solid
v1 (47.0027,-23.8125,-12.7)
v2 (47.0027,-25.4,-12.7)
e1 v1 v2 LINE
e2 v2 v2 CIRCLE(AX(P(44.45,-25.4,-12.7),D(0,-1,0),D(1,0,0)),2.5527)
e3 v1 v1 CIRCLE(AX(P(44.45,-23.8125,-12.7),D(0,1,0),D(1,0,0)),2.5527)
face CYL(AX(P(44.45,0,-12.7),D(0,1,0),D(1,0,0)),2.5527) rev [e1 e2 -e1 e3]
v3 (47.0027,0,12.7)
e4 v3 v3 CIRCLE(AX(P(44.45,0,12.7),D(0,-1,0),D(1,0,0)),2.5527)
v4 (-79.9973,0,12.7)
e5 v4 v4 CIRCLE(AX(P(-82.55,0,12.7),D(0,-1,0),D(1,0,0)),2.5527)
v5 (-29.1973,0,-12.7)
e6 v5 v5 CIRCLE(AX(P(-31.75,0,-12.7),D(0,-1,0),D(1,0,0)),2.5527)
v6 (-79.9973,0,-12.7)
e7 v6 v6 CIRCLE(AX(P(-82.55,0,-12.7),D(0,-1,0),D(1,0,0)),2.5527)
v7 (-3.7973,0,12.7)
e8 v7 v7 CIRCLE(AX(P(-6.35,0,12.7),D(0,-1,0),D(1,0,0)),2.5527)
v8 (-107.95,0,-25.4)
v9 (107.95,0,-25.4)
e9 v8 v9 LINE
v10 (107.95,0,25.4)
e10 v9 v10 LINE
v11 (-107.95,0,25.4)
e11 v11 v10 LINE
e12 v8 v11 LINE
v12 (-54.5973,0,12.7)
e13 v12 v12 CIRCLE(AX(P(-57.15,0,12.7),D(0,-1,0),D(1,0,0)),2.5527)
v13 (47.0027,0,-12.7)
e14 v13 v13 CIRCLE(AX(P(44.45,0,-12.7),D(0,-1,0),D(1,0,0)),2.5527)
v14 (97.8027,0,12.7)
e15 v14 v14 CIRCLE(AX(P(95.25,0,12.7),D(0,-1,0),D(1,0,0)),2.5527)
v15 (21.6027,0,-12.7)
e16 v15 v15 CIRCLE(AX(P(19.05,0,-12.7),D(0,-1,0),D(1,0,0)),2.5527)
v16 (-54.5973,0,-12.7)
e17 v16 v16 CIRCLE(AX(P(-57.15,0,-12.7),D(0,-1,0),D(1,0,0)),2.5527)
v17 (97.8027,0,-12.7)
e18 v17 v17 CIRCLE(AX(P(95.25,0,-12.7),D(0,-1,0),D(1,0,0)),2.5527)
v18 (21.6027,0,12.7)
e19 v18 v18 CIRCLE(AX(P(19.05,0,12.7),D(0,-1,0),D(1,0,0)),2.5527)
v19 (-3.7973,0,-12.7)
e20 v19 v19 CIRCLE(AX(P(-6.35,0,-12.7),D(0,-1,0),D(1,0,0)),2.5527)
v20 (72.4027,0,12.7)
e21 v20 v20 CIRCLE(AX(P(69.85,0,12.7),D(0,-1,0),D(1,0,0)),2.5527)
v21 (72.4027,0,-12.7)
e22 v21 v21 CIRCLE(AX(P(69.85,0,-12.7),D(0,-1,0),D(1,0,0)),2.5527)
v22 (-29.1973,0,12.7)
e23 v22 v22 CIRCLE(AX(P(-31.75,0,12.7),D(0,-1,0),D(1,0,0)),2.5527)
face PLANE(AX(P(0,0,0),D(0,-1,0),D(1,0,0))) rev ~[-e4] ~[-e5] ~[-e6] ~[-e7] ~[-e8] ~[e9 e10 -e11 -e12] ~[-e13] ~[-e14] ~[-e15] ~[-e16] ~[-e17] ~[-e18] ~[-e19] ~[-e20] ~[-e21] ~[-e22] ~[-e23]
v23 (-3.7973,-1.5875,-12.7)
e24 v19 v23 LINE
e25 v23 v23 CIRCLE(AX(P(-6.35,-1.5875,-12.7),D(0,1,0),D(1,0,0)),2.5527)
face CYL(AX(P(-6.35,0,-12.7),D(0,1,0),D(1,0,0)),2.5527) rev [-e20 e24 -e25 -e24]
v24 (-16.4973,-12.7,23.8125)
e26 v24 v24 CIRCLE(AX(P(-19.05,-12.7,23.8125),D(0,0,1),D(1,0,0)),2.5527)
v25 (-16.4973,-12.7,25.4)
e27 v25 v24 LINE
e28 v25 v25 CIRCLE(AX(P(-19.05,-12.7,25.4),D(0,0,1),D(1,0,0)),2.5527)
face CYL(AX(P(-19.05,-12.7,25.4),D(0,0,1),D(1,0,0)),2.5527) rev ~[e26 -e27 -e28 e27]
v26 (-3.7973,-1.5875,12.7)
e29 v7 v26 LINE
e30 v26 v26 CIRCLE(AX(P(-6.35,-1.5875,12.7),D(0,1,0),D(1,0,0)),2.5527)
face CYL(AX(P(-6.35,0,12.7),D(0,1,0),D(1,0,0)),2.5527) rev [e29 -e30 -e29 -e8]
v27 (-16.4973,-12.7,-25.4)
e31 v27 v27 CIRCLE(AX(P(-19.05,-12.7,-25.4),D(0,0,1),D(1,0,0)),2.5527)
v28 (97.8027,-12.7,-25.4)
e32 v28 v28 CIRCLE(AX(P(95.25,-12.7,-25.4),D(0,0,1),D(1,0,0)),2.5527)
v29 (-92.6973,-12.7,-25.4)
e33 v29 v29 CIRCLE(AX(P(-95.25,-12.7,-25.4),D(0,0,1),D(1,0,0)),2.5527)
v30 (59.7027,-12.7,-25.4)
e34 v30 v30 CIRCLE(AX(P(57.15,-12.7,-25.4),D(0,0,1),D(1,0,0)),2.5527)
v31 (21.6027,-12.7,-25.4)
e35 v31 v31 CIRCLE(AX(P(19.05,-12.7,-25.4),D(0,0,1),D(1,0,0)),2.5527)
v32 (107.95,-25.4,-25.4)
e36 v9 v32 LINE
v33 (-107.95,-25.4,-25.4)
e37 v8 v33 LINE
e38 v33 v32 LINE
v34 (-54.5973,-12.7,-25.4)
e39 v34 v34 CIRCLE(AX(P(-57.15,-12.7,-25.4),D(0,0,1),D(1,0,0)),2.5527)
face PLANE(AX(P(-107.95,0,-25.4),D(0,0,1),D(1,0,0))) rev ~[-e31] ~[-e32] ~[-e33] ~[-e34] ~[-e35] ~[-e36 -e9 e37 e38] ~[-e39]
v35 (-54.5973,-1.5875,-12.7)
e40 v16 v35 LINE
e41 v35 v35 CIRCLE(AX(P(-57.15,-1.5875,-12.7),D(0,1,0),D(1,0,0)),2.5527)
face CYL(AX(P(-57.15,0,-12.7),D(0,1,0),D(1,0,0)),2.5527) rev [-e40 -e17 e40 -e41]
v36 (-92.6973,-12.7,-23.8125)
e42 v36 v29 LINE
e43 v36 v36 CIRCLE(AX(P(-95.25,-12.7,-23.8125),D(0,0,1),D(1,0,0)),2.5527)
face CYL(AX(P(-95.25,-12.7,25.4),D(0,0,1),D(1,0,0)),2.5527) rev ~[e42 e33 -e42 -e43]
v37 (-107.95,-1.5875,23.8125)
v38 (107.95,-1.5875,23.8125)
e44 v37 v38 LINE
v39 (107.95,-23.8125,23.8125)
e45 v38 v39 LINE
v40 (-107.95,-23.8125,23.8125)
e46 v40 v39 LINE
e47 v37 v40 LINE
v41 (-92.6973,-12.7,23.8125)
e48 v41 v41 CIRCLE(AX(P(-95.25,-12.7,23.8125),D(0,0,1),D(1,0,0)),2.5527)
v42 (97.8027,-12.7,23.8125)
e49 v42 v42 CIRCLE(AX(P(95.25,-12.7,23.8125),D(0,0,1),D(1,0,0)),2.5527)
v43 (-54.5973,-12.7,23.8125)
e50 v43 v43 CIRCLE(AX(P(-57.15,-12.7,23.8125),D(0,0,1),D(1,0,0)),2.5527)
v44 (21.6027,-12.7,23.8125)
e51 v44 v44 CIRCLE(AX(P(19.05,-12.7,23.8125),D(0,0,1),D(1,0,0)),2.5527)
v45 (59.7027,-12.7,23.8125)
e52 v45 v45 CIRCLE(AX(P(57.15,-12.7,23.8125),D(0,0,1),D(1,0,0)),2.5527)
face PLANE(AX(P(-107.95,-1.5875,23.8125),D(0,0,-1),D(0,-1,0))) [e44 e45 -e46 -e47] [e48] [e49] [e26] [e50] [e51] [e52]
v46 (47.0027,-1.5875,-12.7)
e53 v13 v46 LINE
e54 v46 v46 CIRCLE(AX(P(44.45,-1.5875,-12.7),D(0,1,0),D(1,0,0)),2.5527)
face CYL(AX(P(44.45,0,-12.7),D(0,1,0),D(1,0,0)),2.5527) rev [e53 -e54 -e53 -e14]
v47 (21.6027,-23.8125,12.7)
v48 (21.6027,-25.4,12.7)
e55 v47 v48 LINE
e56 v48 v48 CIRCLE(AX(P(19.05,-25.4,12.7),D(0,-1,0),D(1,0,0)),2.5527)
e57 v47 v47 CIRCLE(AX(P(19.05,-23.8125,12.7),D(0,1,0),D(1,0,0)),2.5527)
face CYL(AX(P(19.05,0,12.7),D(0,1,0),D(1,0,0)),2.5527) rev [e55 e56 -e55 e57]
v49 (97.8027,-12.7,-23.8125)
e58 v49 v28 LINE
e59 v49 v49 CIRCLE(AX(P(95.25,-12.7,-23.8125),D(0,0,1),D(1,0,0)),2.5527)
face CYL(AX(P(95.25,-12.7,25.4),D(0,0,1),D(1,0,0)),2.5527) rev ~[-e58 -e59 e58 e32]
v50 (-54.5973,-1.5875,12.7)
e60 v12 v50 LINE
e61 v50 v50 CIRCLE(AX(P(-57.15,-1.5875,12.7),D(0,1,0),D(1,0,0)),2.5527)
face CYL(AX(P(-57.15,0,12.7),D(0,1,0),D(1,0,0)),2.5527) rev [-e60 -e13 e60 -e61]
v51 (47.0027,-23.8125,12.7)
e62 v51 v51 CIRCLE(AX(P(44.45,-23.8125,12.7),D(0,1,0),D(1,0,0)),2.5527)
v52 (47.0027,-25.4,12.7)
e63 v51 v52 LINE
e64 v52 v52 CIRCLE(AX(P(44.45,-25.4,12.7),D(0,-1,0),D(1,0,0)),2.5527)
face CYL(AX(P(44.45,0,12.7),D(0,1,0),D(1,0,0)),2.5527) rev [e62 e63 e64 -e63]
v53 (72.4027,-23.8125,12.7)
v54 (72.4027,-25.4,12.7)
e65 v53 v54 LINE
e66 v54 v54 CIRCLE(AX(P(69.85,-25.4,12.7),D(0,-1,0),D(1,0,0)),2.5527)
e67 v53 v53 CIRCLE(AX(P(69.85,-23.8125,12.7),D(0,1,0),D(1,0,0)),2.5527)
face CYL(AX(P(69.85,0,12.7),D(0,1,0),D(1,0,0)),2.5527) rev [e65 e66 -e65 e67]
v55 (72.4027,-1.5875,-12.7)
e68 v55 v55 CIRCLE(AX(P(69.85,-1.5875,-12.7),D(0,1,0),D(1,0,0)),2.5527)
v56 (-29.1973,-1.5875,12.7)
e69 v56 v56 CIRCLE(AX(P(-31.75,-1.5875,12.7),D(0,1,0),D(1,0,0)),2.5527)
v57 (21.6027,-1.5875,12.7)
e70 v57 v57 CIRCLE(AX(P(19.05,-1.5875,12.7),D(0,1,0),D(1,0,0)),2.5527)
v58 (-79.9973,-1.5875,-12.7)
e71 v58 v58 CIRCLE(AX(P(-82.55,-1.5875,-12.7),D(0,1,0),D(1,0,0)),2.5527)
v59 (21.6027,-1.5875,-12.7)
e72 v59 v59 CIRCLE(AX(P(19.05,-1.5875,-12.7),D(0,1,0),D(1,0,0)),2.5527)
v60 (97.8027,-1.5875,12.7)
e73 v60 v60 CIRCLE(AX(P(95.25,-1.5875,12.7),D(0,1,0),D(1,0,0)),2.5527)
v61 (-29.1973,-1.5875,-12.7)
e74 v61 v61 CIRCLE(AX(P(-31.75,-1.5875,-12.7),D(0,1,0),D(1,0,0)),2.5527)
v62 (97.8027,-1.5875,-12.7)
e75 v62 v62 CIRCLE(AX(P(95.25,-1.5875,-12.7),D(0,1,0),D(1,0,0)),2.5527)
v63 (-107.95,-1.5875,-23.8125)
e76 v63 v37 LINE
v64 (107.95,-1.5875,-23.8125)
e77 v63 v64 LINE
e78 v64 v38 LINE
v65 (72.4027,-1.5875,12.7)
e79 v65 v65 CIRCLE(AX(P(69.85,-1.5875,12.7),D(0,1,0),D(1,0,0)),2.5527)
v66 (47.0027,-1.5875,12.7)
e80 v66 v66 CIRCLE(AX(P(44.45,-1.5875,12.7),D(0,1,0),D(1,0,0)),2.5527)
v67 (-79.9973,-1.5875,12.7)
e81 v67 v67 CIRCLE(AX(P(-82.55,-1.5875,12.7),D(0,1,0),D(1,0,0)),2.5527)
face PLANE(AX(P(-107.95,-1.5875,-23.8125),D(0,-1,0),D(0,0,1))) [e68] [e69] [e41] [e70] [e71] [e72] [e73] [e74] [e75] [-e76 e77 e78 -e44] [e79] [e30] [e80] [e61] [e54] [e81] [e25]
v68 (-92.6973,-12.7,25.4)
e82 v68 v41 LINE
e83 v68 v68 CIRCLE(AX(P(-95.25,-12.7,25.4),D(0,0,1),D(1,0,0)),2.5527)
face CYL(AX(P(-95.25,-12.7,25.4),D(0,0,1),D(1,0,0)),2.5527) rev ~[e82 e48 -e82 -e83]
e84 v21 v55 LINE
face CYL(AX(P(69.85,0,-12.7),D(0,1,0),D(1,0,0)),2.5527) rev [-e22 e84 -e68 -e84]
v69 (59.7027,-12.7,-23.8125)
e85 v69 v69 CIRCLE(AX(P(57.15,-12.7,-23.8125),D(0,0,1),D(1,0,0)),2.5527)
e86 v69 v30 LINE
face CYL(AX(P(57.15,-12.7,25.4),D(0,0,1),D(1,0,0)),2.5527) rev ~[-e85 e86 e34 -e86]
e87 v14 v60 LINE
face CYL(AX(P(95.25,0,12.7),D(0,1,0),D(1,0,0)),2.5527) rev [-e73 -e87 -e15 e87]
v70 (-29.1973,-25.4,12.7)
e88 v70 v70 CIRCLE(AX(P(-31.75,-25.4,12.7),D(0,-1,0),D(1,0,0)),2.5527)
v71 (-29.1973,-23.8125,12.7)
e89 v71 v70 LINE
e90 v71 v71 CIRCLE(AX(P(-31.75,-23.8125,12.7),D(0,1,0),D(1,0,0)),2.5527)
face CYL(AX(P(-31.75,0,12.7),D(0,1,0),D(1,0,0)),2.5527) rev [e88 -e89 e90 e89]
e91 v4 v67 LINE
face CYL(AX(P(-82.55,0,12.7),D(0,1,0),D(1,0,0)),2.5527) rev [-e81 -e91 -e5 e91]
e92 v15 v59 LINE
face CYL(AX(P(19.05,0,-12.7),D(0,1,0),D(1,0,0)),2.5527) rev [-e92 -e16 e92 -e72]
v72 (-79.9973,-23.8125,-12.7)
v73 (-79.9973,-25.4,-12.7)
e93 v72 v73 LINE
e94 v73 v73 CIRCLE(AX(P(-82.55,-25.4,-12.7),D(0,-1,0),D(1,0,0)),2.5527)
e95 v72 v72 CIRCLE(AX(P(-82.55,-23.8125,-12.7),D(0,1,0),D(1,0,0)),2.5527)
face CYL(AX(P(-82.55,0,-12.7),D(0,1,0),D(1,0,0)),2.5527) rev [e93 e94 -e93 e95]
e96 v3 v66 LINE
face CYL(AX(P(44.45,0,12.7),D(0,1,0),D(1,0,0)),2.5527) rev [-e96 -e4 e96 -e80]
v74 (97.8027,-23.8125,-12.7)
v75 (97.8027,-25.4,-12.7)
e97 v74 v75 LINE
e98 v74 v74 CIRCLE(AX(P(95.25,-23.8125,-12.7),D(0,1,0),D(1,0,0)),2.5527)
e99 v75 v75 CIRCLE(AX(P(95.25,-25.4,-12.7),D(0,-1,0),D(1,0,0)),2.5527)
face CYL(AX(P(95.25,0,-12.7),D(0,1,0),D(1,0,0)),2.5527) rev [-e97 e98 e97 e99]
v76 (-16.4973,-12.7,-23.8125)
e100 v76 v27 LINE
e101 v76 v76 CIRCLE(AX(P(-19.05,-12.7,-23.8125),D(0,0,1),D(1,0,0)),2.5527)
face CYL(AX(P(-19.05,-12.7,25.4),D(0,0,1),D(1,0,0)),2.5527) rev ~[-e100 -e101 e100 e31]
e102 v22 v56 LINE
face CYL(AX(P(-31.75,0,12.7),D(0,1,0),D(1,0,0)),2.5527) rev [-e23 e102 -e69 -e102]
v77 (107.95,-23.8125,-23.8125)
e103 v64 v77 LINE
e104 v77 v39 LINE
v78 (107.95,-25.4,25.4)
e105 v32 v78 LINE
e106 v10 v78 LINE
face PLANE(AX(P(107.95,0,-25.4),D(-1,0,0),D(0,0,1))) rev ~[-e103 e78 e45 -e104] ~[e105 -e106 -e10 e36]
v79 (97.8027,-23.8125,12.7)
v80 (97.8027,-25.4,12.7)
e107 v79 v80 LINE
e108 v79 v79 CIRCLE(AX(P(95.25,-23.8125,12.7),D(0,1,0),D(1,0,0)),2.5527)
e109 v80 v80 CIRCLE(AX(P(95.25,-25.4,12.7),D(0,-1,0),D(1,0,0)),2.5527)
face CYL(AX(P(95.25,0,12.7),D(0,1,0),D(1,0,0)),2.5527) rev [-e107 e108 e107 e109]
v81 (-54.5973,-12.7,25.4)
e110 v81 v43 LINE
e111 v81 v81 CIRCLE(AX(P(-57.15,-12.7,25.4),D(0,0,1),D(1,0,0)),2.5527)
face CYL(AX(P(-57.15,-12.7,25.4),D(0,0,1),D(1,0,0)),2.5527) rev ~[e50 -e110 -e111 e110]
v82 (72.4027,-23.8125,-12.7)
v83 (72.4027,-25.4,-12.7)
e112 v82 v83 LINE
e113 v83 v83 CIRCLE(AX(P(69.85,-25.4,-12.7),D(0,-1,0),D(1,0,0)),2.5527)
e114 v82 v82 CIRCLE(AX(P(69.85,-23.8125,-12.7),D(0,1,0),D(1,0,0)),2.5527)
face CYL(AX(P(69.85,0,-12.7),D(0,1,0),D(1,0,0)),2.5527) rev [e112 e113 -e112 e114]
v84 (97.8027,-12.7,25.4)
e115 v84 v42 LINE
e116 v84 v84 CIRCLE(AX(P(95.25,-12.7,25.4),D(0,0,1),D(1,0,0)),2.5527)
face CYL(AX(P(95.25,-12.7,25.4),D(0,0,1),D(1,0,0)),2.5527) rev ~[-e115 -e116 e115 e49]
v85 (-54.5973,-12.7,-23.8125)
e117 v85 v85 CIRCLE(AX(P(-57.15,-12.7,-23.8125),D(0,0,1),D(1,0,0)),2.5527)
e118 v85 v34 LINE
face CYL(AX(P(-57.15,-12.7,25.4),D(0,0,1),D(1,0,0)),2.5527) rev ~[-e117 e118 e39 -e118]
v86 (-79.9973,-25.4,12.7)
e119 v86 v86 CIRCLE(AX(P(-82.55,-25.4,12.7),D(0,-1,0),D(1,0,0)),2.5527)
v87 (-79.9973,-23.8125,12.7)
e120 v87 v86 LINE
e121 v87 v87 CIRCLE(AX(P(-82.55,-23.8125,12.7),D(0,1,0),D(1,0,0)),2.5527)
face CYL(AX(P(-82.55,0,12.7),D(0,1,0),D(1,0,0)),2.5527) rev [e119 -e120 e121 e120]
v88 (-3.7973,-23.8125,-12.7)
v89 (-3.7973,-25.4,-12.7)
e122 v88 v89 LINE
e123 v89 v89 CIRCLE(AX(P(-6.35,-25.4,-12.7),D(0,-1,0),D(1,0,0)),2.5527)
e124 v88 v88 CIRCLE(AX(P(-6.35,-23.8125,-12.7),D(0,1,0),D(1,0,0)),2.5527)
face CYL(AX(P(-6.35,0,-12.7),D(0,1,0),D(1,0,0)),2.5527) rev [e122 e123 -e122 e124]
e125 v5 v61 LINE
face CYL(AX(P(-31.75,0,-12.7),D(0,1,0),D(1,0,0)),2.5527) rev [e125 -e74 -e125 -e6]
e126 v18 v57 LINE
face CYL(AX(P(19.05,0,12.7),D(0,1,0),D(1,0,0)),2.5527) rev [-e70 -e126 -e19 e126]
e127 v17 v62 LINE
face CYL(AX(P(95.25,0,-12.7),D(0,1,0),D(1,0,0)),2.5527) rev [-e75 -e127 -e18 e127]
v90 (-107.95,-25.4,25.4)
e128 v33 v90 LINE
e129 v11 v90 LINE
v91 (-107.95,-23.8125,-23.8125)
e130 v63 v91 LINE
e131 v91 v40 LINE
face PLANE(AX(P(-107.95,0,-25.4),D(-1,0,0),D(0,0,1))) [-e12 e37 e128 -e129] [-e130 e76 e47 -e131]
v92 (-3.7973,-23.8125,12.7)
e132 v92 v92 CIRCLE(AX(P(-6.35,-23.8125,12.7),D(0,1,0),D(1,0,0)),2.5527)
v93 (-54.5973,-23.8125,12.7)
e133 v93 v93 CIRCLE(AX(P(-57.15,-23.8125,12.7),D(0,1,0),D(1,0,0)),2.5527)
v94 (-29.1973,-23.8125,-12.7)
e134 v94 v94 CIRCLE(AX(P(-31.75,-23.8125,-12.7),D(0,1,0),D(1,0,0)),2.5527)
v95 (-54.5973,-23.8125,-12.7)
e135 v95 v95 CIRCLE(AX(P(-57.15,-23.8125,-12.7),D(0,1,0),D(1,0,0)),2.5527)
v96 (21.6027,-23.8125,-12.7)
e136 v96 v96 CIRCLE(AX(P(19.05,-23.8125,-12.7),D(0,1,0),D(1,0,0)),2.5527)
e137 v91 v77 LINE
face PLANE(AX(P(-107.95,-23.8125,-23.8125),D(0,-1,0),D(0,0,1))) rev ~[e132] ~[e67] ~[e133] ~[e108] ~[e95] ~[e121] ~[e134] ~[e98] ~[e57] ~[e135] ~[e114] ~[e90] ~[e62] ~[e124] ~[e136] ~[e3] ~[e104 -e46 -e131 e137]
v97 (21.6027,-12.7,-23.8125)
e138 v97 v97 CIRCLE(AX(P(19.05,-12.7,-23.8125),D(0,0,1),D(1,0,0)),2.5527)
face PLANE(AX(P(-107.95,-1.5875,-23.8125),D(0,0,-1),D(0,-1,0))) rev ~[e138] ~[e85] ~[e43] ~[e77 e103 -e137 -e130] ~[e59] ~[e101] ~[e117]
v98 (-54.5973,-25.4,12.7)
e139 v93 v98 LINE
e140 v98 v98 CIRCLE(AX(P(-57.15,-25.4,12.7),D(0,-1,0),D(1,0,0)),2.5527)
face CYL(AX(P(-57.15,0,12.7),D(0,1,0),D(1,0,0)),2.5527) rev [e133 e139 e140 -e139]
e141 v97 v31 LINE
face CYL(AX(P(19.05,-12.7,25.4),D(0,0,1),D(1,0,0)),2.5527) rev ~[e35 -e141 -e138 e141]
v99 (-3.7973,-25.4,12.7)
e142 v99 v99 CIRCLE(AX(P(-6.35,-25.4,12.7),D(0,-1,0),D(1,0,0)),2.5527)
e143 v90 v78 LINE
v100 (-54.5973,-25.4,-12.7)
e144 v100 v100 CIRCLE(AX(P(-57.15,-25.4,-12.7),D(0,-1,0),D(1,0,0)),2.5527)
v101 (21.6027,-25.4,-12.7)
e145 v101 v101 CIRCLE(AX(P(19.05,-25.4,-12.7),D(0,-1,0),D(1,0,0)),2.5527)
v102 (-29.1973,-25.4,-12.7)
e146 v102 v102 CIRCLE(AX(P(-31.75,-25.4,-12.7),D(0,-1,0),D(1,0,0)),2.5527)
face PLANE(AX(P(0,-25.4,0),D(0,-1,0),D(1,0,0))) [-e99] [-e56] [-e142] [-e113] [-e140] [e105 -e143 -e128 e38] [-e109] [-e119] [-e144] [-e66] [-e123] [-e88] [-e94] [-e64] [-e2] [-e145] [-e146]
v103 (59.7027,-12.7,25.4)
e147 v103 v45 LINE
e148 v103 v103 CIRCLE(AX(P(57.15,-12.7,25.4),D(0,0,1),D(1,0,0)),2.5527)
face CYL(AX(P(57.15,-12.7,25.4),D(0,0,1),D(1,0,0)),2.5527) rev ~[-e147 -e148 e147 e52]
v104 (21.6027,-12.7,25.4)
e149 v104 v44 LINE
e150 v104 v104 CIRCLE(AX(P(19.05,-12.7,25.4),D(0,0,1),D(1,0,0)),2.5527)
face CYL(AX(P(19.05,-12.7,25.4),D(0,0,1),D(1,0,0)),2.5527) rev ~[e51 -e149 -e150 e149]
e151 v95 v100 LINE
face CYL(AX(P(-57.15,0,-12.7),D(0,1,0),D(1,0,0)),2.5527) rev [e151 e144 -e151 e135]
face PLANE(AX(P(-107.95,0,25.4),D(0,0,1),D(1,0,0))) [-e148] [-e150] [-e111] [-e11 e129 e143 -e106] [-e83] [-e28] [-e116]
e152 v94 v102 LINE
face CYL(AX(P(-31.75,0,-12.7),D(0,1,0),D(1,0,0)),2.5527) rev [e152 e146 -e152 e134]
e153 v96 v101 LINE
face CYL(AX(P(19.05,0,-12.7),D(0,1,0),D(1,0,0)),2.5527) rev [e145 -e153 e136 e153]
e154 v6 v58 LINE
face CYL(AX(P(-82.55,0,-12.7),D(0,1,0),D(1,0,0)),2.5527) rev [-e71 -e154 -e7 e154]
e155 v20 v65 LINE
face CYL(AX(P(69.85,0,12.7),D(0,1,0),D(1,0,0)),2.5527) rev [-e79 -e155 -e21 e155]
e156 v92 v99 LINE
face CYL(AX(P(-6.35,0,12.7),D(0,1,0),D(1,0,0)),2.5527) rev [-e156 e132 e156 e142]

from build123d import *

# Parameters (mm, degrees)
F0_W     = 215.9
F0_H     = 50.8
F0_R     = 2.5527
F1_DEPTH = 25.4
F2_W     = 22.225
F2_H     = 47.625
F3_DEPTH = 215.901
F4_R     = 2.5527
F5_DEPTH = 50.801


with BuildPart() as f1:
    # F0 (on Front) → F1 (new body)
    with BuildSketch(Plane.XZ):
        Rectangle(F0_W, F0_H)
        with Locations((-82.55, -12.7)):
            Circle(F0_R, mode=Mode.SUBTRACT)
        with Locations((-57.15, -12.7)):
            Circle(F0_R, mode=Mode.SUBTRACT)
        with Locations((-31.75, -12.7)):
            Circle(F0_R, mode=Mode.SUBTRACT)
        with Locations((-6.35, -12.7)):
            Circle(F0_R, mode=Mode.SUBTRACT)
        with Locations((19.05, -12.7)):
            Circle(F0_R, mode=Mode.SUBTRACT)
        with Locations((44.45, -12.7)):
            Circle(F0_R, mode=Mode.SUBTRACT)
        with Locations((69.85, -12.7)):
            Circle(F0_R, mode=Mode.SUBTRACT)
        with Locations((95.25, -12.7)):
            Circle(F0_R, mode=Mode.SUBTRACT)
        with Locations((-82.55, 12.7)):
            Circle(F0_R, mode=Mode.SUBTRACT)
        with Locations((-57.15, 12.7)):
            Circle(F0_R, mode=Mode.SUBTRACT)
        with Locations((-31.75, 12.7)):
            Circle(F0_R, mode=Mode.SUBTRACT)
        with Locations((-6.35, 12.7)):
            Circle(F0_R, mode=Mode.SUBTRACT)
        with Locations((19.05, 12.7)):
            Circle(F0_R, mode=Mode.SUBTRACT)
        with Locations((44.45, 12.7)):
            Circle(F0_R, mode=Mode.SUBTRACT)
        with Locations((69.85, 12.7)):
            Circle(F0_R, mode=Mode.SUBTRACT)
        with Locations((95.25, 12.7)):
            Circle(F0_R, mode=Mode.SUBTRACT)
    extrude(amount=F1_DEPTH)

    # F2 (on face) → F3 (cut, through all)
    with BuildSketch(Plane(origin=(-107.95, 0, 0), x_dir=(0, -1, 0), z_dir=(-1, 0, 0))):
        with Locations((12.7, 0)):
            Rectangle(F2_W, F2_H)
    extrude(amount=-F3_DEPTH, mode=Mode.SUBTRACT)

    # F4 (on face) → F5 (cut, through all)
    with BuildSketch(Plane.XY.offset(25.4)):
        with Locations((-95.25, -12.7)):
            Circle(F4_R)
        with Locations((-57.15, -12.7)):
            Circle(F4_R)
        with Locations((-19.05, -12.7)):
            Circle(F4_R)
        with Locations((19.05, -12.7)):
            Circle(F4_R)
        with Locations((57.15, -12.7)):
            Circle(F4_R)
        with Locations((95.25, -12.7)):
            Circle(F4_R)
    extrude(amount=-F5_DEPTH, mode=Mode.SUBTRACT)


solid = f1.part
